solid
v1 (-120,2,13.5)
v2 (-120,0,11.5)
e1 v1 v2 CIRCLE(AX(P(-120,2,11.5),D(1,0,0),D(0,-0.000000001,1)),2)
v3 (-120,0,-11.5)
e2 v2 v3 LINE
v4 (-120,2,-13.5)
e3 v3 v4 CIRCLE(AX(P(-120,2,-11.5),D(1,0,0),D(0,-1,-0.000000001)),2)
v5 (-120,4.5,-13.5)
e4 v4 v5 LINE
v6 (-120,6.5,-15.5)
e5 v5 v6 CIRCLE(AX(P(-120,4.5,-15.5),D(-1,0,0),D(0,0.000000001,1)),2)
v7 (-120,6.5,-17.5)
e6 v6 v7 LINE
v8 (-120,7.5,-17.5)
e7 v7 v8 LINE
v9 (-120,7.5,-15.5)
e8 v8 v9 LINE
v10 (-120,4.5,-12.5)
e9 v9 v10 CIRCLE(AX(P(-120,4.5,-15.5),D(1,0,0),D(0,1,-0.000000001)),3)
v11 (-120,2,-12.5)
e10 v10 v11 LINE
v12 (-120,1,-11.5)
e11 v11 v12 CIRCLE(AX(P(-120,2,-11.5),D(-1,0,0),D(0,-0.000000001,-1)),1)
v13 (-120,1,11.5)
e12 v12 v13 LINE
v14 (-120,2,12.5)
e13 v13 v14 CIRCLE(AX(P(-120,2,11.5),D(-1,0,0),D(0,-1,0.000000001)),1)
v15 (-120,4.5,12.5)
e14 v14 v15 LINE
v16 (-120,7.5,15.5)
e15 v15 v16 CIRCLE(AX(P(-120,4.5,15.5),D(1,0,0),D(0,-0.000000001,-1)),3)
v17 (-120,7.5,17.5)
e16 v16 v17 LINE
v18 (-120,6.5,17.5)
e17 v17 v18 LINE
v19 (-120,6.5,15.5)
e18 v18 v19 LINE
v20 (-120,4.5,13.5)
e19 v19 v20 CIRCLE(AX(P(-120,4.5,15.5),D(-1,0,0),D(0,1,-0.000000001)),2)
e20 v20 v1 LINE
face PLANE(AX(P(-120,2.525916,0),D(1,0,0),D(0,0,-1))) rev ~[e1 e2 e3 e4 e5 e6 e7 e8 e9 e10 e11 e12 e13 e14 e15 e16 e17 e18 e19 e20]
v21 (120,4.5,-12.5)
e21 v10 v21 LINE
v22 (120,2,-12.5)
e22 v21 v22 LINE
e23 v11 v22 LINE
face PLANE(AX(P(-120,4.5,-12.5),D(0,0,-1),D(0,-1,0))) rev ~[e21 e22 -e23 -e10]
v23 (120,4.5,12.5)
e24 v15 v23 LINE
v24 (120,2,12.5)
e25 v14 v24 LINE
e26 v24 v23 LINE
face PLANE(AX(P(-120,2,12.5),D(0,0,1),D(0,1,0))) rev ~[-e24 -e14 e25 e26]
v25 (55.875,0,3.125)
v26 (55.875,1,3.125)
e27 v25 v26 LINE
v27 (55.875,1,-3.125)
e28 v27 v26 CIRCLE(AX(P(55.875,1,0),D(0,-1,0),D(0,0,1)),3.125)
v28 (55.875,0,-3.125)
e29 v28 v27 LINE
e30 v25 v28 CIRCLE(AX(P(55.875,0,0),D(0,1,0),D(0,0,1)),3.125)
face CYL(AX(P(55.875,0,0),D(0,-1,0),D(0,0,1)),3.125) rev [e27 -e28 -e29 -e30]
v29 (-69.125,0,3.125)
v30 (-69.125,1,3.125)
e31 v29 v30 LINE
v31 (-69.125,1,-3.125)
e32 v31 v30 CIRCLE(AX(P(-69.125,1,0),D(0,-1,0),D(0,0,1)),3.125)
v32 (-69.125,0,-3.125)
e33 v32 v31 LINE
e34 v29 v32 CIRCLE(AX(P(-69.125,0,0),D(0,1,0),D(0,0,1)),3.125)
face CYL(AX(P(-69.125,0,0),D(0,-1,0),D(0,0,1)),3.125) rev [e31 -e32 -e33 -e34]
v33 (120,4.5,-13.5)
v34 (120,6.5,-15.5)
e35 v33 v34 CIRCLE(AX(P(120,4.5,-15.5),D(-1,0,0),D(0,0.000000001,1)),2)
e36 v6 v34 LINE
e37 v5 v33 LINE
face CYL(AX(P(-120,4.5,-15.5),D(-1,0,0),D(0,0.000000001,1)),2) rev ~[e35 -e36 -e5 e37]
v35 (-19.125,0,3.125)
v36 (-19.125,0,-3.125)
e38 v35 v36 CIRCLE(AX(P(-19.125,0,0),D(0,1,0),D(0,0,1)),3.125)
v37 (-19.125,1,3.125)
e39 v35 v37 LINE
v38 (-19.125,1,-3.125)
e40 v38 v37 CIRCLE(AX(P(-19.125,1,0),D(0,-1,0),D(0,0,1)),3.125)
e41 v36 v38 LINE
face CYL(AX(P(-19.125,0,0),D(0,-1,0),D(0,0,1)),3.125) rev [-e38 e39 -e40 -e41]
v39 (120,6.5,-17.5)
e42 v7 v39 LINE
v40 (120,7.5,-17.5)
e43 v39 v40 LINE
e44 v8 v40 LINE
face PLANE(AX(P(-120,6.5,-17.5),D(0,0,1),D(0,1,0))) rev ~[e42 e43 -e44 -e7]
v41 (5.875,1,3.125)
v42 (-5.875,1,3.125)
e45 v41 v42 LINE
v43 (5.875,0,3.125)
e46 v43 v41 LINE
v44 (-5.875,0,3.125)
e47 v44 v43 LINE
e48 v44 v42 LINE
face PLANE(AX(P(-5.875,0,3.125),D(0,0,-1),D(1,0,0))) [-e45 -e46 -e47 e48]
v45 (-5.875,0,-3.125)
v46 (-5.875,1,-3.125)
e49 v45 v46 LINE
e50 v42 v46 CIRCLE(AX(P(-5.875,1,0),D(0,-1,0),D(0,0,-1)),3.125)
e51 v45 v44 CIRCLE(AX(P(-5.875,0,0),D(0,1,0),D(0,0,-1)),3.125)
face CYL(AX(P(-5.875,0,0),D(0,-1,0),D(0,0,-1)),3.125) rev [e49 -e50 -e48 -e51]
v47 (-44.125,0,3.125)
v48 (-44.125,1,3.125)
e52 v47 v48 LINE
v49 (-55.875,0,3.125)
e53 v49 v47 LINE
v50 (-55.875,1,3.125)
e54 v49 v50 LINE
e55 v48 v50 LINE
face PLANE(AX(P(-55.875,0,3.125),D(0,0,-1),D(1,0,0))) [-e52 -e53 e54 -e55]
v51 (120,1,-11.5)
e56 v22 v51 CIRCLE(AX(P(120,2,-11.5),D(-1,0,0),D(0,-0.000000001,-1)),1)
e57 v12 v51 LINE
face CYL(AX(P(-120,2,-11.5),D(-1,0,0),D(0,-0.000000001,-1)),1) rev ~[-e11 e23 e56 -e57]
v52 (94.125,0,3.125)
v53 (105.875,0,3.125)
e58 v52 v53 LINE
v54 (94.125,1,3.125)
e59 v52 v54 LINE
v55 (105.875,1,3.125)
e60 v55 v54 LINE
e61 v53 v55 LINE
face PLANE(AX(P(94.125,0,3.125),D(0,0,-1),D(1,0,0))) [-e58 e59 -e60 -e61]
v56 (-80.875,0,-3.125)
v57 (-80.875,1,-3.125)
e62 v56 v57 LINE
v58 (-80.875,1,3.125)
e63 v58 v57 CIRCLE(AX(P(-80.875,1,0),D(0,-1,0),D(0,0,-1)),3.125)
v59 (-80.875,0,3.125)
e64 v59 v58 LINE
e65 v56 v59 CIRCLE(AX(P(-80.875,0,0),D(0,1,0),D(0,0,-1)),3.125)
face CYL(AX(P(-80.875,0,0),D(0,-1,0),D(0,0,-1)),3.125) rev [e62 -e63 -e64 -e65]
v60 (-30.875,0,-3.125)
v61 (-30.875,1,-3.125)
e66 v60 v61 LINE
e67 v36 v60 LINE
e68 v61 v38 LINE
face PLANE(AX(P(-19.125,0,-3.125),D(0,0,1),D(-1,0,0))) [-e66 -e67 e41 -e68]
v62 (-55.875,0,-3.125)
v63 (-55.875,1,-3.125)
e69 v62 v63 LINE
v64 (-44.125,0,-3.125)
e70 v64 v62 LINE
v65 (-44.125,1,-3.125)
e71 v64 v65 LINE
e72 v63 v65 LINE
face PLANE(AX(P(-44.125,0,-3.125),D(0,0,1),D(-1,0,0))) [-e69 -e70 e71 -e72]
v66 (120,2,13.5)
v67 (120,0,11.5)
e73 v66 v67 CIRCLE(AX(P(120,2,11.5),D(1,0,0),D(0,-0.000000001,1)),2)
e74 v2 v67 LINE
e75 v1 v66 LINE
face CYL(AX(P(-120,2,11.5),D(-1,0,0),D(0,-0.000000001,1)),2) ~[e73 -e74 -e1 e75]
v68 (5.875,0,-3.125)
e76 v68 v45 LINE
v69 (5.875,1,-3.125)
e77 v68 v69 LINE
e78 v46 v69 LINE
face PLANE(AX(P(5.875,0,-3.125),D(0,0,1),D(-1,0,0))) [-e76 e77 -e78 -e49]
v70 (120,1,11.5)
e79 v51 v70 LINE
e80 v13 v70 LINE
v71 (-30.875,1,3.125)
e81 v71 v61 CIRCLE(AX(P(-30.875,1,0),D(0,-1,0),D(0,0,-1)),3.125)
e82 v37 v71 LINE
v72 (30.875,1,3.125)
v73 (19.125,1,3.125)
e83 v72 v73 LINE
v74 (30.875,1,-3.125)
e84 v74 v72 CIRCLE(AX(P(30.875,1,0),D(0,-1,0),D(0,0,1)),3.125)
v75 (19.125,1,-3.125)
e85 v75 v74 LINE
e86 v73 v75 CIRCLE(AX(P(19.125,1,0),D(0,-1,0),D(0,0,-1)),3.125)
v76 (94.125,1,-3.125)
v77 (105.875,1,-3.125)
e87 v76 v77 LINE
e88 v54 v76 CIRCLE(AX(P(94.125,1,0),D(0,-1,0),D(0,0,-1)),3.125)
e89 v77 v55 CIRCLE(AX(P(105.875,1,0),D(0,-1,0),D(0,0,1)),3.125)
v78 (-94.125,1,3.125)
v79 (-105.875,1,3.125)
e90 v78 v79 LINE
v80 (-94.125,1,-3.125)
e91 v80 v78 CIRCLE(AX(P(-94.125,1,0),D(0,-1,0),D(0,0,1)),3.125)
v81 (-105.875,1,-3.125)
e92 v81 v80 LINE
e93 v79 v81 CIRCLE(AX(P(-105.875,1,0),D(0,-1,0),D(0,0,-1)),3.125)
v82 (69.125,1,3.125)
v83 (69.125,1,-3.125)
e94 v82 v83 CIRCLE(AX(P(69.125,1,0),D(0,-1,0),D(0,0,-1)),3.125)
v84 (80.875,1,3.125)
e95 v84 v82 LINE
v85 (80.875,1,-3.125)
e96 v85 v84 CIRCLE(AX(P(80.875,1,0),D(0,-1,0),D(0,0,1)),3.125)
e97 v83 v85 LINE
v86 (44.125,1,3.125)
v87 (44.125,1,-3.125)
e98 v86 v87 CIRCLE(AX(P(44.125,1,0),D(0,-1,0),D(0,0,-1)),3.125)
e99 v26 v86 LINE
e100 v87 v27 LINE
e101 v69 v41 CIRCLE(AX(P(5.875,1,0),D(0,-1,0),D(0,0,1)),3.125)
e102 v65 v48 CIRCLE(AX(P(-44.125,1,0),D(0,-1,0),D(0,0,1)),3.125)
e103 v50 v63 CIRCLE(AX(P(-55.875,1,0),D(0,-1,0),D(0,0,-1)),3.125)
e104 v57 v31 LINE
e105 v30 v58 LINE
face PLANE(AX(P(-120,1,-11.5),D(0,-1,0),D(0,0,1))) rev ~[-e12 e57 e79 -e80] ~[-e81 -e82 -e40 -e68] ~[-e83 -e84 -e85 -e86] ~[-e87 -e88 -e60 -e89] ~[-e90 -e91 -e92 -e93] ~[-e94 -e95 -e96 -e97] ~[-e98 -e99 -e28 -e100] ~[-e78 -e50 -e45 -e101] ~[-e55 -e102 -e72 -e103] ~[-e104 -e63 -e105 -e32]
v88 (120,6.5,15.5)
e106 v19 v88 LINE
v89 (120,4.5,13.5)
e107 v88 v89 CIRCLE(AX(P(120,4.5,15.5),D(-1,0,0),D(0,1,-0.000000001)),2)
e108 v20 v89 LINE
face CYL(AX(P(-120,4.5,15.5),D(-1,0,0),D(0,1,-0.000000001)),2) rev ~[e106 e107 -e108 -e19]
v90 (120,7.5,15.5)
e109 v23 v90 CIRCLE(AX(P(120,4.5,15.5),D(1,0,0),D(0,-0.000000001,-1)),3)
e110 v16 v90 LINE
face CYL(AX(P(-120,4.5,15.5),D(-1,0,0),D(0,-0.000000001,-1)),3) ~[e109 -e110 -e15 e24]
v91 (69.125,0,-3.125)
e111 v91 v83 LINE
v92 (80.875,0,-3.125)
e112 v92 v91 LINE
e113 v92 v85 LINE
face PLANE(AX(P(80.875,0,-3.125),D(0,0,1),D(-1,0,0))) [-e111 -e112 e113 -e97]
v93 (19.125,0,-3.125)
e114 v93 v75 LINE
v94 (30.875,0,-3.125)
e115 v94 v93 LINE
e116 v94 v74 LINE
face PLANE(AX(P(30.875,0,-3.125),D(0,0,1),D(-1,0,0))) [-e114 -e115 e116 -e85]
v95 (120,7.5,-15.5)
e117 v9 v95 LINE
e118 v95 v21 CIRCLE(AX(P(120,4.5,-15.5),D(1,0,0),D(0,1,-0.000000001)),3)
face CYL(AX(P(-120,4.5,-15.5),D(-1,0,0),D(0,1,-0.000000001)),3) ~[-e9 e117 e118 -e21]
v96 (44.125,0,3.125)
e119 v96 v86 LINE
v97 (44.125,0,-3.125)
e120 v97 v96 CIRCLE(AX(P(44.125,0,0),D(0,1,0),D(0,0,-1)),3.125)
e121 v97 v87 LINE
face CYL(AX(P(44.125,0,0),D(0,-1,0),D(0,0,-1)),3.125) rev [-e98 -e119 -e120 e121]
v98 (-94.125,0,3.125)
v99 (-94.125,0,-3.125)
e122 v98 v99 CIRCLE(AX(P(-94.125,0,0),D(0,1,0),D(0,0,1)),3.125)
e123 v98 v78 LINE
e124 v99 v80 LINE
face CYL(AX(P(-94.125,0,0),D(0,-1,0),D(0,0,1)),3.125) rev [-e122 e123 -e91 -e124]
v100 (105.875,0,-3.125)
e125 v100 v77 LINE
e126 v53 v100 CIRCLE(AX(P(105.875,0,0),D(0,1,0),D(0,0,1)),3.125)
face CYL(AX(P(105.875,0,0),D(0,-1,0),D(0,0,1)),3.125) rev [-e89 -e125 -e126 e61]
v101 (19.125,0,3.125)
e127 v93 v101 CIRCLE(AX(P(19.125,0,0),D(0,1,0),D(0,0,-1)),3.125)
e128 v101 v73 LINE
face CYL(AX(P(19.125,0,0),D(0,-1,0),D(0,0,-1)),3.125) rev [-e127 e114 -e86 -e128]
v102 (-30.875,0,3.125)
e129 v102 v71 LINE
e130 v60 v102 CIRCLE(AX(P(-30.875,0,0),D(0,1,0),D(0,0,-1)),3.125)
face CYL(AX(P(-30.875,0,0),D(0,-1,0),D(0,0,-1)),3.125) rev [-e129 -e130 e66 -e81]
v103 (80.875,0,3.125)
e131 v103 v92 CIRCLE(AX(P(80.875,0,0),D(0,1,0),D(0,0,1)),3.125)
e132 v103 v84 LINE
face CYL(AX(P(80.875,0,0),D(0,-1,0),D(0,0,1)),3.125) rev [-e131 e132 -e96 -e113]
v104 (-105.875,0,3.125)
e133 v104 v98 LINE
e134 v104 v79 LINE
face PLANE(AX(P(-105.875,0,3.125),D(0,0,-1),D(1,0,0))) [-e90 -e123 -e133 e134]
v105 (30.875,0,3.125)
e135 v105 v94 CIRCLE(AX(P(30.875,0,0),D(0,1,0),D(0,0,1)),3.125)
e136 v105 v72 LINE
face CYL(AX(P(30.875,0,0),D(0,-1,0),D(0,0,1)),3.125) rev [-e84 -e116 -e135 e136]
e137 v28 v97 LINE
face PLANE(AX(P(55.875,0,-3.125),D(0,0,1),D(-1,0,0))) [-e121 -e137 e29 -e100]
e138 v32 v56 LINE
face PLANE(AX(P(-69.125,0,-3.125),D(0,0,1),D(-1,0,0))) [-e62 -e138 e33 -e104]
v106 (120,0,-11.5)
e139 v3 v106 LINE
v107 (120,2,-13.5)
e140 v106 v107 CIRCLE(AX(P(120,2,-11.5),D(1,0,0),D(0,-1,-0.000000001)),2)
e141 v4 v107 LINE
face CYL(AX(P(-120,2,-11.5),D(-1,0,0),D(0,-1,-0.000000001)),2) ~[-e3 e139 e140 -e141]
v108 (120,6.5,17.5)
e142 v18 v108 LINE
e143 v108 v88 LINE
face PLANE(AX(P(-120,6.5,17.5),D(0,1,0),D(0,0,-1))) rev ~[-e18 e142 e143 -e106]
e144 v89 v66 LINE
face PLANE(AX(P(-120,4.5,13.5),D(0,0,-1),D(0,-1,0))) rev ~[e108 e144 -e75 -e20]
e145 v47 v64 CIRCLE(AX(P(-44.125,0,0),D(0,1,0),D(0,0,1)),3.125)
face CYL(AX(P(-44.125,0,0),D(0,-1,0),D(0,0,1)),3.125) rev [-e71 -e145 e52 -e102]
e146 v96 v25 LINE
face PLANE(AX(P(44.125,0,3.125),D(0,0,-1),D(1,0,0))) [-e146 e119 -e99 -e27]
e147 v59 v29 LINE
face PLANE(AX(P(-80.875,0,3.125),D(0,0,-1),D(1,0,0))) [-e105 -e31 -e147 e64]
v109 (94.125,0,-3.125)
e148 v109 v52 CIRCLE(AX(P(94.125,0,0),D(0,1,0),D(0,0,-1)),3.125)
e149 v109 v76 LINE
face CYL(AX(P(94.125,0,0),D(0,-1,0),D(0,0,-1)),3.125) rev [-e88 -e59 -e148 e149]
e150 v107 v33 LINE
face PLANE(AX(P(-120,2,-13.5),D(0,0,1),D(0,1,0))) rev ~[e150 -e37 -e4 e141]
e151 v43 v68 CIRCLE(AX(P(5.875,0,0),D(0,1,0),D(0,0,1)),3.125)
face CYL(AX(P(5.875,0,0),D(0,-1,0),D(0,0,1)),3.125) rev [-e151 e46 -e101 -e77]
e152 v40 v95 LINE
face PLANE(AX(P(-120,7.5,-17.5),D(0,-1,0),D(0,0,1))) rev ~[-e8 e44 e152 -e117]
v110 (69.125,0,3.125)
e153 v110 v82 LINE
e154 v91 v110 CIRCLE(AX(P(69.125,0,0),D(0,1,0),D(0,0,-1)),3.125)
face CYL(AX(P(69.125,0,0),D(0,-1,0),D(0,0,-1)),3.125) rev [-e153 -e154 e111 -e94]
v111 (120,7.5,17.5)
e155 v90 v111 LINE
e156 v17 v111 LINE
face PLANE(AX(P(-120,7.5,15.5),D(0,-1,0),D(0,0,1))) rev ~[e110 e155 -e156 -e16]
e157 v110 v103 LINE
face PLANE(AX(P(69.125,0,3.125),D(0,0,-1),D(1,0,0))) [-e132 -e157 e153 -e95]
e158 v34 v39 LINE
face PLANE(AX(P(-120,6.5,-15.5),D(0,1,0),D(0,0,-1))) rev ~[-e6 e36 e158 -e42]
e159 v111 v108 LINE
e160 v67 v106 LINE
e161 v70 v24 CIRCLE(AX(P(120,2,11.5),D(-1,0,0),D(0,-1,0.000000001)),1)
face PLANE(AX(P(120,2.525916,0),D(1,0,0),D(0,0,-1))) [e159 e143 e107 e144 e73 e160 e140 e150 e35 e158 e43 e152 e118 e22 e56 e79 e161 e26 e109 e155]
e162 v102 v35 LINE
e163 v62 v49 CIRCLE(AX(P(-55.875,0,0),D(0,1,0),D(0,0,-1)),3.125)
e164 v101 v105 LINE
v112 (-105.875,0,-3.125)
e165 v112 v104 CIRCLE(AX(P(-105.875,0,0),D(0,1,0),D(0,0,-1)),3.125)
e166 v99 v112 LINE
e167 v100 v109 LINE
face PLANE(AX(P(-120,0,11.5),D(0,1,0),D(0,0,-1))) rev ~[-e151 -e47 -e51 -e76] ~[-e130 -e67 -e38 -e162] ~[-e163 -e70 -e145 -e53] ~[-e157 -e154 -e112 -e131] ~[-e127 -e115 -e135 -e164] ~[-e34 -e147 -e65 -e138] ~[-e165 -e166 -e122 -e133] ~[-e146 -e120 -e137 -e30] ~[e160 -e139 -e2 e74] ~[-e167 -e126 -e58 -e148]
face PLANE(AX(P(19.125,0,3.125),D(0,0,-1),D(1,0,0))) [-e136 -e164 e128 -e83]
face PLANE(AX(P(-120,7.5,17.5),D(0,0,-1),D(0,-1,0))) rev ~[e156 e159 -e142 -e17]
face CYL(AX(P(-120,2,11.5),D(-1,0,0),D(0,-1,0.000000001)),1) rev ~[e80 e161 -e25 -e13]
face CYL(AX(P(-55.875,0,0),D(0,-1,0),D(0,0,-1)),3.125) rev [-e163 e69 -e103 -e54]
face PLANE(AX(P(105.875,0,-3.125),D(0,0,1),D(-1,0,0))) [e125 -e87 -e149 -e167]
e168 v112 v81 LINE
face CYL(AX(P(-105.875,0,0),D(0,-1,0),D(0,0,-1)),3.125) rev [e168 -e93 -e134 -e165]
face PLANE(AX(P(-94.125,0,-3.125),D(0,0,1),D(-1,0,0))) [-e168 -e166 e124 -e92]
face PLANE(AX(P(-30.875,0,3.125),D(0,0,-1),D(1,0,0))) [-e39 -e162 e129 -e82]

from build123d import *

# Parameters (mm, degrees)
EXTRUDE_THIN1_DEPTH      = 120
EXTRUDE_THIN1_DEPTH_BACK = 120
CUT_EXTRUDE1_REACH       = 123.501
LPATTERN1_COUNT          = 5
LPATTERN1_PITCH          = 25
LPATTERN1_COL_COUNT      = 5
LPATTERN1_COL_PITCH      = 25


with BuildPart() as part:
    # Sketch1 → Extrude-Thin1 (new, two sides: drawn at the far end of the back side and taken through both)
    with BuildSketch(Plane(origin=(0, 0, 0), x_dir=(0, 0, -1), z_dir=(1, 0, 0)).offset(-EXTRUDE_THIN1_DEPTH_BACK)):
        with BuildLine():
            Line((-17.5, 6.5), (-15.5, 6.5))
            ThreePointArc((-15.5, 6.5), (-14.085786438, 5.914213562), (-13.5, 4.5))
            Line((-13.5, 4.5), (-13.5, 2))
            ThreePointArc((-13.5, 2), (-12.914213562, 0.585786438), (-11.5, 0))
            Line((-11.5, 0), (11.5, 0))
            ThreePointArc((11.5, 0), (12.914213562, 0.585786438), (13.5, 2))
            Line((13.5, 2), (13.5, 4.5))
            ThreePointArc((13.5, 4.5), (14.085786438, 5.914213562), (15.5, 6.5))
            Line((15.5, 6.5), (17.5, 6.5))
            Line((17.5, 6.5), (17.5, 7.5))
            Line((17.5, 7.5), (15.5, 7.5))
            ThreePointArc((15.5, 7.5), (13.378679656, 6.621320344), (12.5, 4.5))
            Line((12.5, 4.5), (12.5, 2))
            ThreePointArc((12.5, 2), (12.207106781, 1.292893219), (11.5, 1))
            Line((11.5, 1), (-11.5, 1))
            ThreePointArc((-11.5, 1), (-12.207106781, 1.292893219), (-12.5, 2))
            Line((-12.5, 2), (-12.5, 4.5))
            ThreePointArc((-12.5, 4.5), (-13.378679656, 6.621320344), (-15.5, 7.5))
            Line((-15.5, 7.5), (-17.5, 7.5))
            Line((-17.5, 7.5), (-17.5, 6.5))
        make_face()
    extrude(amount=EXTRUDE_THIN1_DEPTH + EXTRUDE_THIN1_DEPTH_BACK)

    # Sketch2 → Cut-Extrude1 (cut, up to next)
    with BuildSketch(Plane.XZ, mode=Mode.PRIVATE) as cut_extrude1_sk1:
        with BuildLine():
            Line((-5.875, 3.125), (5.875, 3.125))
            ThreePointArc((5.875, 3.125), (9, 0), (5.875, -3.125))
            Line((5.875, -3.125), (-5.875, -3.125))
            ThreePointArc((-5.875, -3.125), (-9, 0), (-5.875, 3.125))
        make_face()
    cut_extrude1_tool1 = extrude(cut_extrude1_sk1.sketch, amount=-CUT_EXTRUDE1_REACH, mode=Mode.PRIVATE) & part.part
    cut_extrude1 = cut_extrude1_tool1.solids().sort_by_distance((0, 0, 0))[0]
    add(cut_extrude1, mode=Mode.SUBTRACT)

    # LPattern1: Cut-Extrude1 ×5
    with Locations(*[(i * LPATTERN1_PITCH, 0, 0) for i in range(1, LPATTERN1_COUNT)]):
        add(cut_extrude1, mode=Mode.SUBTRACT)

    # LPattern1 col: Cut-Extrude1 ×5
    with Locations(*[(-i * LPATTERN1_COL_PITCH, 0, 0) for i in range(1, LPATTERN1_COL_COUNT)]):
        add(cut_extrude1, mode=Mode.SUBTRACT)


solid = part.part
